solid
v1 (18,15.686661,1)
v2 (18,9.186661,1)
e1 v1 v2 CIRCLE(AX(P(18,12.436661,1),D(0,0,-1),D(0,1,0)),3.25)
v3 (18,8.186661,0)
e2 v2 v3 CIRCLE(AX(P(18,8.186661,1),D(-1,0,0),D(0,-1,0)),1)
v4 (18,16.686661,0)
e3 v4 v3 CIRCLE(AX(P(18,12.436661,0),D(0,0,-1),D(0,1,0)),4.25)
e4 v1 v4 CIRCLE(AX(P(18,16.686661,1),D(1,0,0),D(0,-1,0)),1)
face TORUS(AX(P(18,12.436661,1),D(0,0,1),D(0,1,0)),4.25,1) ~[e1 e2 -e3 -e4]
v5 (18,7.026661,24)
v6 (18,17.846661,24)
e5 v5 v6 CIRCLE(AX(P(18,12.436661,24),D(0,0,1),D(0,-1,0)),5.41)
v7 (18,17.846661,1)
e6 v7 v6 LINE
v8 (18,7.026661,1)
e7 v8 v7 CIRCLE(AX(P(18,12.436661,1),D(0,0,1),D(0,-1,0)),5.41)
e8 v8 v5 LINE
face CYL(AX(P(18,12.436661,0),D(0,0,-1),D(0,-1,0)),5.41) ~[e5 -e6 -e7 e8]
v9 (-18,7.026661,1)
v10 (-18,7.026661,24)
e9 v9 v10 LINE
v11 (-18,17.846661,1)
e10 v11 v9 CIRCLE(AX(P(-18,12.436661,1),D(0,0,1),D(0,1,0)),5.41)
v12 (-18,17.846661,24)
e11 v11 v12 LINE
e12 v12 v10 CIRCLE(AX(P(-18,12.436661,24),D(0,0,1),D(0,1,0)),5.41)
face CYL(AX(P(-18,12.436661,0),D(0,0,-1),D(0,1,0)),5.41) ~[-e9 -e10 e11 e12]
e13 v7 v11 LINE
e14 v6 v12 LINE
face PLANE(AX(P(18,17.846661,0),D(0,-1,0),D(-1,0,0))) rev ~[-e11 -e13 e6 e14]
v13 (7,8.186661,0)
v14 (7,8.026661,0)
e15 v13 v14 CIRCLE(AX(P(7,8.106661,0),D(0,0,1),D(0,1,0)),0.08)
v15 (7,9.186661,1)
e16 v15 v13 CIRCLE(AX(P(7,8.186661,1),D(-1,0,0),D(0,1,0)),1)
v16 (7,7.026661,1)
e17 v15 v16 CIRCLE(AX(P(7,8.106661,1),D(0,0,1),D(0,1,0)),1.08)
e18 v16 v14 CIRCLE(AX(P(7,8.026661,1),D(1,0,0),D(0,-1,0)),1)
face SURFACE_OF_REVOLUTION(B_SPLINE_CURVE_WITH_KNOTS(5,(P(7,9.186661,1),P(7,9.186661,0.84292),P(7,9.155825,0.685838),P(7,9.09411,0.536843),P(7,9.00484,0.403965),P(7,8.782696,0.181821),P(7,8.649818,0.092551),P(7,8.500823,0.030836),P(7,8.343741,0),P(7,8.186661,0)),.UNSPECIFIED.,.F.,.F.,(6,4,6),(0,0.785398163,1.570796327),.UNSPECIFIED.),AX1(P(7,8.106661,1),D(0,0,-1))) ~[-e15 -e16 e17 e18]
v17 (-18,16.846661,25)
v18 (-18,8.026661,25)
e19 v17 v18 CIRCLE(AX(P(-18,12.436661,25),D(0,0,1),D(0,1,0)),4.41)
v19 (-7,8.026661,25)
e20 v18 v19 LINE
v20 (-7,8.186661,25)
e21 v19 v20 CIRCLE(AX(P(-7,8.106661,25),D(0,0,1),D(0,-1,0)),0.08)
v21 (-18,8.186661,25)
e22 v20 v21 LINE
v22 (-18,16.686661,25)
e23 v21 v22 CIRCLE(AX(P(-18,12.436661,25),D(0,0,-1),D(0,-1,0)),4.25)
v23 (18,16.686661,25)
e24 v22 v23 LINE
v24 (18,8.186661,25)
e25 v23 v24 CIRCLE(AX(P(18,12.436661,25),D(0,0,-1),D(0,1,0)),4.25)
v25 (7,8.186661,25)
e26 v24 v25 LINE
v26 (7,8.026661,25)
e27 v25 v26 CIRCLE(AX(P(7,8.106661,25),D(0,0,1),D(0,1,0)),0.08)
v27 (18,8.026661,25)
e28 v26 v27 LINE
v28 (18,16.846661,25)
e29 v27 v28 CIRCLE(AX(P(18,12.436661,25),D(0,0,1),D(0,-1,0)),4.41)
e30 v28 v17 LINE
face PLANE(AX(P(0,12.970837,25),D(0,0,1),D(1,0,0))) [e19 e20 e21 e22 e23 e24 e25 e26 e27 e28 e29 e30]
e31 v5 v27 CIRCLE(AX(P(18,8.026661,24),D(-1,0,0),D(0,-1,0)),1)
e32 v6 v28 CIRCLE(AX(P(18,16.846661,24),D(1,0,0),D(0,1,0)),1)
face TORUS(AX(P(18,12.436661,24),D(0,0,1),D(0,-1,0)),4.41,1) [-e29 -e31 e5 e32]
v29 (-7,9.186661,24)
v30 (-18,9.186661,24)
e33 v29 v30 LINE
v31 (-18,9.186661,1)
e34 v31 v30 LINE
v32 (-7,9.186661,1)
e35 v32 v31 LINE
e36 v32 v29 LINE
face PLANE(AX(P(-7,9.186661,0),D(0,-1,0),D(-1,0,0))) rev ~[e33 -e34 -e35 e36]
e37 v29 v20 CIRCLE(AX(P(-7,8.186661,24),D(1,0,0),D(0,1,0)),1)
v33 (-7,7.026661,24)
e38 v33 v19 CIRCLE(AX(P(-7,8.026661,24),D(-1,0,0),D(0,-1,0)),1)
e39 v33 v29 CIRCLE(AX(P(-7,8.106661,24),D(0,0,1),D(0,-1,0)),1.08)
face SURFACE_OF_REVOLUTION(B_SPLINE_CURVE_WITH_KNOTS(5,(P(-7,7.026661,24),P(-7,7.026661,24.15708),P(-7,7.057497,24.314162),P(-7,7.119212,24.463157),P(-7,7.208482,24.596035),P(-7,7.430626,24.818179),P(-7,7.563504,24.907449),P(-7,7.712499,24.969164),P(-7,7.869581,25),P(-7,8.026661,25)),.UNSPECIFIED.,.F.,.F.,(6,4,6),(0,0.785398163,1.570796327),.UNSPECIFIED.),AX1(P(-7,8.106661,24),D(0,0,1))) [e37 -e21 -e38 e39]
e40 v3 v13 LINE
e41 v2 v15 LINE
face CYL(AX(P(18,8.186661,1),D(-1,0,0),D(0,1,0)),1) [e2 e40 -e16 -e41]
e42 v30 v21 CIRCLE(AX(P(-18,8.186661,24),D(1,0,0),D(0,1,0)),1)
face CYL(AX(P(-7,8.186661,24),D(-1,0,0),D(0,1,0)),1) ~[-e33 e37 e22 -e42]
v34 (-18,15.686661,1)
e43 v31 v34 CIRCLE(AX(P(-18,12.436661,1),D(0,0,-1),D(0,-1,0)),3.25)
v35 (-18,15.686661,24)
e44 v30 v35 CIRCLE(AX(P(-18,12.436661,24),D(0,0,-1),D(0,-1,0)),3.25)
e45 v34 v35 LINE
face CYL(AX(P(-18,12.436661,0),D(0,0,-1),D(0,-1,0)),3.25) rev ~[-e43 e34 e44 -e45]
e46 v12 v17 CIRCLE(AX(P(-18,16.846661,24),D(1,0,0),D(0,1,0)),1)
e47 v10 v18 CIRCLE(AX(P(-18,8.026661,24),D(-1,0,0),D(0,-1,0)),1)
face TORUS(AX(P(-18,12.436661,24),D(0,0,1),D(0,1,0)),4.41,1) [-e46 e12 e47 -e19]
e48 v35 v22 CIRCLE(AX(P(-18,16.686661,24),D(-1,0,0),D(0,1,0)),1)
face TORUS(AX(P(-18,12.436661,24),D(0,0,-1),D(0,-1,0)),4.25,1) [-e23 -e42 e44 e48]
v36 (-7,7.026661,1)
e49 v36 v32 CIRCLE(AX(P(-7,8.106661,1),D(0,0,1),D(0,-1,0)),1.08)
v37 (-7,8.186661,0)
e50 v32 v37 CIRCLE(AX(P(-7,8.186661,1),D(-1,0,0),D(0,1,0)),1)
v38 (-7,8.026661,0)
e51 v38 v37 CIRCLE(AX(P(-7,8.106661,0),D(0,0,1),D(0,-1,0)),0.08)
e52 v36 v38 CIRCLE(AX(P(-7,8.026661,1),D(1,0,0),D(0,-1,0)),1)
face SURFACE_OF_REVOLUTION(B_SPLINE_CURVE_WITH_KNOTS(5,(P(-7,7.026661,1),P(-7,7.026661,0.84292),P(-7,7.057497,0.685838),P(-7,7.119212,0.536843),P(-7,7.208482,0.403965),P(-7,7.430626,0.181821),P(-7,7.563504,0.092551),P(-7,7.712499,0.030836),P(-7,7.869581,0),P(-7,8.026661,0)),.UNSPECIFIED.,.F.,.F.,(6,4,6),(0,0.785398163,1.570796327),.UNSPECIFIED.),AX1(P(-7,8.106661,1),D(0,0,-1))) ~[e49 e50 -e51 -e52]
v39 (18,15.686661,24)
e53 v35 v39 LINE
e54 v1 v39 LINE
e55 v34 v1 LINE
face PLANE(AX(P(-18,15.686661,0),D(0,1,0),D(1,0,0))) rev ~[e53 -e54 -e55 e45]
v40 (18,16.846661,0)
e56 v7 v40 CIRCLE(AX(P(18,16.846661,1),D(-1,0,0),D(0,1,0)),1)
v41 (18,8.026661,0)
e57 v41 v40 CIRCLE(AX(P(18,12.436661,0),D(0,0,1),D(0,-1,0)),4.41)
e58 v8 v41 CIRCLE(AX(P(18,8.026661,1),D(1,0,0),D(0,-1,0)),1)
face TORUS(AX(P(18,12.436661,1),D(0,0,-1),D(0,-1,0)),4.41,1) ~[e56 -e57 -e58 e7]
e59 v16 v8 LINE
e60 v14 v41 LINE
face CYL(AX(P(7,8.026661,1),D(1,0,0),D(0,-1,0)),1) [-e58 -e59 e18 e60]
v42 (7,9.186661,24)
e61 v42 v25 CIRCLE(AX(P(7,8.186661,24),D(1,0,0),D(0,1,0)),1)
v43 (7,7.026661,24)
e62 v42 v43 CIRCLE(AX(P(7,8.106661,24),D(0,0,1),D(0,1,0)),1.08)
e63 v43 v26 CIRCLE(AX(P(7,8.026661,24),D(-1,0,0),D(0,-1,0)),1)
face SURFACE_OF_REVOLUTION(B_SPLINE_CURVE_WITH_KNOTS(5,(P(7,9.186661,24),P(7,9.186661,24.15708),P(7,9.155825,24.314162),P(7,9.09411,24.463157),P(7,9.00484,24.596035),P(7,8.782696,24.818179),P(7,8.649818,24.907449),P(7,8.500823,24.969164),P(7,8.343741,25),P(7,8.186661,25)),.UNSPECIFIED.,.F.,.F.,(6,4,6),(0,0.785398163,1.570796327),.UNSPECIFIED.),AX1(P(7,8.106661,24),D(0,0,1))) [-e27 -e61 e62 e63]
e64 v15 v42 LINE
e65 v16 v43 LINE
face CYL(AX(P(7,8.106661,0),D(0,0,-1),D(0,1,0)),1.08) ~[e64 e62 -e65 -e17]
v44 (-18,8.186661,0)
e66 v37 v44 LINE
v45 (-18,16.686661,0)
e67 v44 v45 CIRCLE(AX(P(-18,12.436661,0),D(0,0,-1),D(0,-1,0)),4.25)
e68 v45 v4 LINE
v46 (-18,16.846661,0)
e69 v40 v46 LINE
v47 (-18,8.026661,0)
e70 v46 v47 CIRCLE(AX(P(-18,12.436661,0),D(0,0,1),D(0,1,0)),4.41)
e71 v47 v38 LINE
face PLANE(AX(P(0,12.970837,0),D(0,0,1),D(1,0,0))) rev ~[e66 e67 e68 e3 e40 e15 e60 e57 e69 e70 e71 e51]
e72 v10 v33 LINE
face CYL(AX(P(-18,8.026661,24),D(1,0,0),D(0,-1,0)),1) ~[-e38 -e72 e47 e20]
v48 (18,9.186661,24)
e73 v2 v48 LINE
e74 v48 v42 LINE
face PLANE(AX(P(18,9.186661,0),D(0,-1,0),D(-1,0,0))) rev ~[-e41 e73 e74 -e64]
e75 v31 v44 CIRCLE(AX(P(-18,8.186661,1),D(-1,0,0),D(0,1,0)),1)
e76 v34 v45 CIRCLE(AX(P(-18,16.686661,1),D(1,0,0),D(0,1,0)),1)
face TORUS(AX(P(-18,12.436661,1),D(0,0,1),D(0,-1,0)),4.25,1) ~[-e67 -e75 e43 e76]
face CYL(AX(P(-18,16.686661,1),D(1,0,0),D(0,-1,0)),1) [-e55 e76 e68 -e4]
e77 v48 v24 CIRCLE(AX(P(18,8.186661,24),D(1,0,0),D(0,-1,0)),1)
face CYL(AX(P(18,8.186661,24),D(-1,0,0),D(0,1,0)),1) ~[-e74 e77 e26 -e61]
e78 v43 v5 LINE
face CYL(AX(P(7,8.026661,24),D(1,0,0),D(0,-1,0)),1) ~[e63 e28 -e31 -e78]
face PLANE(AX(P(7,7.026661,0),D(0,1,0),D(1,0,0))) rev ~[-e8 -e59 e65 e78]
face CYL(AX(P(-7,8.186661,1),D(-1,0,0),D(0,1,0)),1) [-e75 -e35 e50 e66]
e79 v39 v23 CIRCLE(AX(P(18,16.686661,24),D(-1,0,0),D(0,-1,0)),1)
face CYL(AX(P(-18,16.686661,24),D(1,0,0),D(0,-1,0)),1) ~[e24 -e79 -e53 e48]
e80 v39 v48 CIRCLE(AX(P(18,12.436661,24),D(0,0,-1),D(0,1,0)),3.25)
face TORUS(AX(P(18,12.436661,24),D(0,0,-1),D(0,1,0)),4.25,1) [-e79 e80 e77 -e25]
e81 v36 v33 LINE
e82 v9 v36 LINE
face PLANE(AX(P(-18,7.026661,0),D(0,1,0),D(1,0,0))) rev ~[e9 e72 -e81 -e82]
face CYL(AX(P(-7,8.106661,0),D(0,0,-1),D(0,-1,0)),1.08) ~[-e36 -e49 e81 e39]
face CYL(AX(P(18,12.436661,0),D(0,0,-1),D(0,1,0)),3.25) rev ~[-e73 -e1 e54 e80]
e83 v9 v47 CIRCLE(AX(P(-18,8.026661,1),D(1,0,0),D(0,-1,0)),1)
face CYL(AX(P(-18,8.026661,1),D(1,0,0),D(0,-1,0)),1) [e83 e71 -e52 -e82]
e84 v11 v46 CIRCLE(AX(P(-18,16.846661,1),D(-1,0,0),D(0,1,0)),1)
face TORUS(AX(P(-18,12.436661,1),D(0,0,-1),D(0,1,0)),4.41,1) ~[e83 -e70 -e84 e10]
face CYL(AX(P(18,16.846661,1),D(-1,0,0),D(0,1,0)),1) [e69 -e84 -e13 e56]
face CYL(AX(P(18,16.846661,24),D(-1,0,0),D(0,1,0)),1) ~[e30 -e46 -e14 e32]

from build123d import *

# Parameters (mm, degrees)
F1_DEPTH = 25
F2_R     = 1


with BuildPart() as f1:
    # F0 (on Top) → F1 (new body)
    with BuildSketch(Plane.XY):
        with BuildLine():
            ThreePointArc((-18, 9.186661), (-21.25, 12.436661), (-18, 15.686661))
            Line((-18, 15.686661), (18, 15.686661))
            ThreePointArc((18, 15.686661), (21.25, 12.436661), (18, 9.186661))
            Line((18, 9.186661), (7, 9.186661))
            ThreePointArc((7, 9.186661), (5.92, 8.106661), (7, 7.026661))
            Line((7, 7.026661), (18, 7.026661))
            ThreePointArc((18, 7.026661), (23.41, 12.436661), (18, 17.846661))
            Line((18, 17.846661), (-18, 17.846661))
            ThreePointArc((-18, 17.846661), (-23.41, 12.436661), (-18, 7.026661))
            Line((-18, 7.026661), (-7, 7.026661))
            ThreePointArc((-7, 7.026661), (-5.92, 8.106661), (-7, 9.186661))
            Line((-7, 9.186661), (-18, 9.186661))
        make_face()
    extrude(amount=F1_DEPTH)

    # F2
    f2_edges = [f1.edges().sort_by_distance(p)[0] for p in [
        (0, 17.846661, 25),
        (0, 15.686661, 25),
        (21.25, 12.436661, 25),
        (23.41, 12.436661, 25),
        (12.5, 9.186661, 25),
        (12.5, 7.026661, 25),
        (5.92, 8.106661, 25),
        (-5.92, 8.106661, 25),
        (-21.25, 12.436661, 25),
        (-12.5, 9.186661, 25),
        (-12.5, 7.026661, 25),
        (-23.41, 12.436661, 25),
        (12.5, 7.026661, 0),
        (23.41, 12.436661, 0),
        (0, 17.846661, 0),
        (0, 15.686661, 0),
        (21.25, 12.436661, 0),
        (-12.5, 9.186661, 0),
        (-5.92, 8.106661, 0),
        (5.92, 8.106661, 0),
        (12.5, 9.186661, 0),
        (-23.41, 12.436661, 0),
        (-21.25, 12.436661, 0),
    ]]
    fillet(f2_edges, radius=F2_R)


solid = f1.part
